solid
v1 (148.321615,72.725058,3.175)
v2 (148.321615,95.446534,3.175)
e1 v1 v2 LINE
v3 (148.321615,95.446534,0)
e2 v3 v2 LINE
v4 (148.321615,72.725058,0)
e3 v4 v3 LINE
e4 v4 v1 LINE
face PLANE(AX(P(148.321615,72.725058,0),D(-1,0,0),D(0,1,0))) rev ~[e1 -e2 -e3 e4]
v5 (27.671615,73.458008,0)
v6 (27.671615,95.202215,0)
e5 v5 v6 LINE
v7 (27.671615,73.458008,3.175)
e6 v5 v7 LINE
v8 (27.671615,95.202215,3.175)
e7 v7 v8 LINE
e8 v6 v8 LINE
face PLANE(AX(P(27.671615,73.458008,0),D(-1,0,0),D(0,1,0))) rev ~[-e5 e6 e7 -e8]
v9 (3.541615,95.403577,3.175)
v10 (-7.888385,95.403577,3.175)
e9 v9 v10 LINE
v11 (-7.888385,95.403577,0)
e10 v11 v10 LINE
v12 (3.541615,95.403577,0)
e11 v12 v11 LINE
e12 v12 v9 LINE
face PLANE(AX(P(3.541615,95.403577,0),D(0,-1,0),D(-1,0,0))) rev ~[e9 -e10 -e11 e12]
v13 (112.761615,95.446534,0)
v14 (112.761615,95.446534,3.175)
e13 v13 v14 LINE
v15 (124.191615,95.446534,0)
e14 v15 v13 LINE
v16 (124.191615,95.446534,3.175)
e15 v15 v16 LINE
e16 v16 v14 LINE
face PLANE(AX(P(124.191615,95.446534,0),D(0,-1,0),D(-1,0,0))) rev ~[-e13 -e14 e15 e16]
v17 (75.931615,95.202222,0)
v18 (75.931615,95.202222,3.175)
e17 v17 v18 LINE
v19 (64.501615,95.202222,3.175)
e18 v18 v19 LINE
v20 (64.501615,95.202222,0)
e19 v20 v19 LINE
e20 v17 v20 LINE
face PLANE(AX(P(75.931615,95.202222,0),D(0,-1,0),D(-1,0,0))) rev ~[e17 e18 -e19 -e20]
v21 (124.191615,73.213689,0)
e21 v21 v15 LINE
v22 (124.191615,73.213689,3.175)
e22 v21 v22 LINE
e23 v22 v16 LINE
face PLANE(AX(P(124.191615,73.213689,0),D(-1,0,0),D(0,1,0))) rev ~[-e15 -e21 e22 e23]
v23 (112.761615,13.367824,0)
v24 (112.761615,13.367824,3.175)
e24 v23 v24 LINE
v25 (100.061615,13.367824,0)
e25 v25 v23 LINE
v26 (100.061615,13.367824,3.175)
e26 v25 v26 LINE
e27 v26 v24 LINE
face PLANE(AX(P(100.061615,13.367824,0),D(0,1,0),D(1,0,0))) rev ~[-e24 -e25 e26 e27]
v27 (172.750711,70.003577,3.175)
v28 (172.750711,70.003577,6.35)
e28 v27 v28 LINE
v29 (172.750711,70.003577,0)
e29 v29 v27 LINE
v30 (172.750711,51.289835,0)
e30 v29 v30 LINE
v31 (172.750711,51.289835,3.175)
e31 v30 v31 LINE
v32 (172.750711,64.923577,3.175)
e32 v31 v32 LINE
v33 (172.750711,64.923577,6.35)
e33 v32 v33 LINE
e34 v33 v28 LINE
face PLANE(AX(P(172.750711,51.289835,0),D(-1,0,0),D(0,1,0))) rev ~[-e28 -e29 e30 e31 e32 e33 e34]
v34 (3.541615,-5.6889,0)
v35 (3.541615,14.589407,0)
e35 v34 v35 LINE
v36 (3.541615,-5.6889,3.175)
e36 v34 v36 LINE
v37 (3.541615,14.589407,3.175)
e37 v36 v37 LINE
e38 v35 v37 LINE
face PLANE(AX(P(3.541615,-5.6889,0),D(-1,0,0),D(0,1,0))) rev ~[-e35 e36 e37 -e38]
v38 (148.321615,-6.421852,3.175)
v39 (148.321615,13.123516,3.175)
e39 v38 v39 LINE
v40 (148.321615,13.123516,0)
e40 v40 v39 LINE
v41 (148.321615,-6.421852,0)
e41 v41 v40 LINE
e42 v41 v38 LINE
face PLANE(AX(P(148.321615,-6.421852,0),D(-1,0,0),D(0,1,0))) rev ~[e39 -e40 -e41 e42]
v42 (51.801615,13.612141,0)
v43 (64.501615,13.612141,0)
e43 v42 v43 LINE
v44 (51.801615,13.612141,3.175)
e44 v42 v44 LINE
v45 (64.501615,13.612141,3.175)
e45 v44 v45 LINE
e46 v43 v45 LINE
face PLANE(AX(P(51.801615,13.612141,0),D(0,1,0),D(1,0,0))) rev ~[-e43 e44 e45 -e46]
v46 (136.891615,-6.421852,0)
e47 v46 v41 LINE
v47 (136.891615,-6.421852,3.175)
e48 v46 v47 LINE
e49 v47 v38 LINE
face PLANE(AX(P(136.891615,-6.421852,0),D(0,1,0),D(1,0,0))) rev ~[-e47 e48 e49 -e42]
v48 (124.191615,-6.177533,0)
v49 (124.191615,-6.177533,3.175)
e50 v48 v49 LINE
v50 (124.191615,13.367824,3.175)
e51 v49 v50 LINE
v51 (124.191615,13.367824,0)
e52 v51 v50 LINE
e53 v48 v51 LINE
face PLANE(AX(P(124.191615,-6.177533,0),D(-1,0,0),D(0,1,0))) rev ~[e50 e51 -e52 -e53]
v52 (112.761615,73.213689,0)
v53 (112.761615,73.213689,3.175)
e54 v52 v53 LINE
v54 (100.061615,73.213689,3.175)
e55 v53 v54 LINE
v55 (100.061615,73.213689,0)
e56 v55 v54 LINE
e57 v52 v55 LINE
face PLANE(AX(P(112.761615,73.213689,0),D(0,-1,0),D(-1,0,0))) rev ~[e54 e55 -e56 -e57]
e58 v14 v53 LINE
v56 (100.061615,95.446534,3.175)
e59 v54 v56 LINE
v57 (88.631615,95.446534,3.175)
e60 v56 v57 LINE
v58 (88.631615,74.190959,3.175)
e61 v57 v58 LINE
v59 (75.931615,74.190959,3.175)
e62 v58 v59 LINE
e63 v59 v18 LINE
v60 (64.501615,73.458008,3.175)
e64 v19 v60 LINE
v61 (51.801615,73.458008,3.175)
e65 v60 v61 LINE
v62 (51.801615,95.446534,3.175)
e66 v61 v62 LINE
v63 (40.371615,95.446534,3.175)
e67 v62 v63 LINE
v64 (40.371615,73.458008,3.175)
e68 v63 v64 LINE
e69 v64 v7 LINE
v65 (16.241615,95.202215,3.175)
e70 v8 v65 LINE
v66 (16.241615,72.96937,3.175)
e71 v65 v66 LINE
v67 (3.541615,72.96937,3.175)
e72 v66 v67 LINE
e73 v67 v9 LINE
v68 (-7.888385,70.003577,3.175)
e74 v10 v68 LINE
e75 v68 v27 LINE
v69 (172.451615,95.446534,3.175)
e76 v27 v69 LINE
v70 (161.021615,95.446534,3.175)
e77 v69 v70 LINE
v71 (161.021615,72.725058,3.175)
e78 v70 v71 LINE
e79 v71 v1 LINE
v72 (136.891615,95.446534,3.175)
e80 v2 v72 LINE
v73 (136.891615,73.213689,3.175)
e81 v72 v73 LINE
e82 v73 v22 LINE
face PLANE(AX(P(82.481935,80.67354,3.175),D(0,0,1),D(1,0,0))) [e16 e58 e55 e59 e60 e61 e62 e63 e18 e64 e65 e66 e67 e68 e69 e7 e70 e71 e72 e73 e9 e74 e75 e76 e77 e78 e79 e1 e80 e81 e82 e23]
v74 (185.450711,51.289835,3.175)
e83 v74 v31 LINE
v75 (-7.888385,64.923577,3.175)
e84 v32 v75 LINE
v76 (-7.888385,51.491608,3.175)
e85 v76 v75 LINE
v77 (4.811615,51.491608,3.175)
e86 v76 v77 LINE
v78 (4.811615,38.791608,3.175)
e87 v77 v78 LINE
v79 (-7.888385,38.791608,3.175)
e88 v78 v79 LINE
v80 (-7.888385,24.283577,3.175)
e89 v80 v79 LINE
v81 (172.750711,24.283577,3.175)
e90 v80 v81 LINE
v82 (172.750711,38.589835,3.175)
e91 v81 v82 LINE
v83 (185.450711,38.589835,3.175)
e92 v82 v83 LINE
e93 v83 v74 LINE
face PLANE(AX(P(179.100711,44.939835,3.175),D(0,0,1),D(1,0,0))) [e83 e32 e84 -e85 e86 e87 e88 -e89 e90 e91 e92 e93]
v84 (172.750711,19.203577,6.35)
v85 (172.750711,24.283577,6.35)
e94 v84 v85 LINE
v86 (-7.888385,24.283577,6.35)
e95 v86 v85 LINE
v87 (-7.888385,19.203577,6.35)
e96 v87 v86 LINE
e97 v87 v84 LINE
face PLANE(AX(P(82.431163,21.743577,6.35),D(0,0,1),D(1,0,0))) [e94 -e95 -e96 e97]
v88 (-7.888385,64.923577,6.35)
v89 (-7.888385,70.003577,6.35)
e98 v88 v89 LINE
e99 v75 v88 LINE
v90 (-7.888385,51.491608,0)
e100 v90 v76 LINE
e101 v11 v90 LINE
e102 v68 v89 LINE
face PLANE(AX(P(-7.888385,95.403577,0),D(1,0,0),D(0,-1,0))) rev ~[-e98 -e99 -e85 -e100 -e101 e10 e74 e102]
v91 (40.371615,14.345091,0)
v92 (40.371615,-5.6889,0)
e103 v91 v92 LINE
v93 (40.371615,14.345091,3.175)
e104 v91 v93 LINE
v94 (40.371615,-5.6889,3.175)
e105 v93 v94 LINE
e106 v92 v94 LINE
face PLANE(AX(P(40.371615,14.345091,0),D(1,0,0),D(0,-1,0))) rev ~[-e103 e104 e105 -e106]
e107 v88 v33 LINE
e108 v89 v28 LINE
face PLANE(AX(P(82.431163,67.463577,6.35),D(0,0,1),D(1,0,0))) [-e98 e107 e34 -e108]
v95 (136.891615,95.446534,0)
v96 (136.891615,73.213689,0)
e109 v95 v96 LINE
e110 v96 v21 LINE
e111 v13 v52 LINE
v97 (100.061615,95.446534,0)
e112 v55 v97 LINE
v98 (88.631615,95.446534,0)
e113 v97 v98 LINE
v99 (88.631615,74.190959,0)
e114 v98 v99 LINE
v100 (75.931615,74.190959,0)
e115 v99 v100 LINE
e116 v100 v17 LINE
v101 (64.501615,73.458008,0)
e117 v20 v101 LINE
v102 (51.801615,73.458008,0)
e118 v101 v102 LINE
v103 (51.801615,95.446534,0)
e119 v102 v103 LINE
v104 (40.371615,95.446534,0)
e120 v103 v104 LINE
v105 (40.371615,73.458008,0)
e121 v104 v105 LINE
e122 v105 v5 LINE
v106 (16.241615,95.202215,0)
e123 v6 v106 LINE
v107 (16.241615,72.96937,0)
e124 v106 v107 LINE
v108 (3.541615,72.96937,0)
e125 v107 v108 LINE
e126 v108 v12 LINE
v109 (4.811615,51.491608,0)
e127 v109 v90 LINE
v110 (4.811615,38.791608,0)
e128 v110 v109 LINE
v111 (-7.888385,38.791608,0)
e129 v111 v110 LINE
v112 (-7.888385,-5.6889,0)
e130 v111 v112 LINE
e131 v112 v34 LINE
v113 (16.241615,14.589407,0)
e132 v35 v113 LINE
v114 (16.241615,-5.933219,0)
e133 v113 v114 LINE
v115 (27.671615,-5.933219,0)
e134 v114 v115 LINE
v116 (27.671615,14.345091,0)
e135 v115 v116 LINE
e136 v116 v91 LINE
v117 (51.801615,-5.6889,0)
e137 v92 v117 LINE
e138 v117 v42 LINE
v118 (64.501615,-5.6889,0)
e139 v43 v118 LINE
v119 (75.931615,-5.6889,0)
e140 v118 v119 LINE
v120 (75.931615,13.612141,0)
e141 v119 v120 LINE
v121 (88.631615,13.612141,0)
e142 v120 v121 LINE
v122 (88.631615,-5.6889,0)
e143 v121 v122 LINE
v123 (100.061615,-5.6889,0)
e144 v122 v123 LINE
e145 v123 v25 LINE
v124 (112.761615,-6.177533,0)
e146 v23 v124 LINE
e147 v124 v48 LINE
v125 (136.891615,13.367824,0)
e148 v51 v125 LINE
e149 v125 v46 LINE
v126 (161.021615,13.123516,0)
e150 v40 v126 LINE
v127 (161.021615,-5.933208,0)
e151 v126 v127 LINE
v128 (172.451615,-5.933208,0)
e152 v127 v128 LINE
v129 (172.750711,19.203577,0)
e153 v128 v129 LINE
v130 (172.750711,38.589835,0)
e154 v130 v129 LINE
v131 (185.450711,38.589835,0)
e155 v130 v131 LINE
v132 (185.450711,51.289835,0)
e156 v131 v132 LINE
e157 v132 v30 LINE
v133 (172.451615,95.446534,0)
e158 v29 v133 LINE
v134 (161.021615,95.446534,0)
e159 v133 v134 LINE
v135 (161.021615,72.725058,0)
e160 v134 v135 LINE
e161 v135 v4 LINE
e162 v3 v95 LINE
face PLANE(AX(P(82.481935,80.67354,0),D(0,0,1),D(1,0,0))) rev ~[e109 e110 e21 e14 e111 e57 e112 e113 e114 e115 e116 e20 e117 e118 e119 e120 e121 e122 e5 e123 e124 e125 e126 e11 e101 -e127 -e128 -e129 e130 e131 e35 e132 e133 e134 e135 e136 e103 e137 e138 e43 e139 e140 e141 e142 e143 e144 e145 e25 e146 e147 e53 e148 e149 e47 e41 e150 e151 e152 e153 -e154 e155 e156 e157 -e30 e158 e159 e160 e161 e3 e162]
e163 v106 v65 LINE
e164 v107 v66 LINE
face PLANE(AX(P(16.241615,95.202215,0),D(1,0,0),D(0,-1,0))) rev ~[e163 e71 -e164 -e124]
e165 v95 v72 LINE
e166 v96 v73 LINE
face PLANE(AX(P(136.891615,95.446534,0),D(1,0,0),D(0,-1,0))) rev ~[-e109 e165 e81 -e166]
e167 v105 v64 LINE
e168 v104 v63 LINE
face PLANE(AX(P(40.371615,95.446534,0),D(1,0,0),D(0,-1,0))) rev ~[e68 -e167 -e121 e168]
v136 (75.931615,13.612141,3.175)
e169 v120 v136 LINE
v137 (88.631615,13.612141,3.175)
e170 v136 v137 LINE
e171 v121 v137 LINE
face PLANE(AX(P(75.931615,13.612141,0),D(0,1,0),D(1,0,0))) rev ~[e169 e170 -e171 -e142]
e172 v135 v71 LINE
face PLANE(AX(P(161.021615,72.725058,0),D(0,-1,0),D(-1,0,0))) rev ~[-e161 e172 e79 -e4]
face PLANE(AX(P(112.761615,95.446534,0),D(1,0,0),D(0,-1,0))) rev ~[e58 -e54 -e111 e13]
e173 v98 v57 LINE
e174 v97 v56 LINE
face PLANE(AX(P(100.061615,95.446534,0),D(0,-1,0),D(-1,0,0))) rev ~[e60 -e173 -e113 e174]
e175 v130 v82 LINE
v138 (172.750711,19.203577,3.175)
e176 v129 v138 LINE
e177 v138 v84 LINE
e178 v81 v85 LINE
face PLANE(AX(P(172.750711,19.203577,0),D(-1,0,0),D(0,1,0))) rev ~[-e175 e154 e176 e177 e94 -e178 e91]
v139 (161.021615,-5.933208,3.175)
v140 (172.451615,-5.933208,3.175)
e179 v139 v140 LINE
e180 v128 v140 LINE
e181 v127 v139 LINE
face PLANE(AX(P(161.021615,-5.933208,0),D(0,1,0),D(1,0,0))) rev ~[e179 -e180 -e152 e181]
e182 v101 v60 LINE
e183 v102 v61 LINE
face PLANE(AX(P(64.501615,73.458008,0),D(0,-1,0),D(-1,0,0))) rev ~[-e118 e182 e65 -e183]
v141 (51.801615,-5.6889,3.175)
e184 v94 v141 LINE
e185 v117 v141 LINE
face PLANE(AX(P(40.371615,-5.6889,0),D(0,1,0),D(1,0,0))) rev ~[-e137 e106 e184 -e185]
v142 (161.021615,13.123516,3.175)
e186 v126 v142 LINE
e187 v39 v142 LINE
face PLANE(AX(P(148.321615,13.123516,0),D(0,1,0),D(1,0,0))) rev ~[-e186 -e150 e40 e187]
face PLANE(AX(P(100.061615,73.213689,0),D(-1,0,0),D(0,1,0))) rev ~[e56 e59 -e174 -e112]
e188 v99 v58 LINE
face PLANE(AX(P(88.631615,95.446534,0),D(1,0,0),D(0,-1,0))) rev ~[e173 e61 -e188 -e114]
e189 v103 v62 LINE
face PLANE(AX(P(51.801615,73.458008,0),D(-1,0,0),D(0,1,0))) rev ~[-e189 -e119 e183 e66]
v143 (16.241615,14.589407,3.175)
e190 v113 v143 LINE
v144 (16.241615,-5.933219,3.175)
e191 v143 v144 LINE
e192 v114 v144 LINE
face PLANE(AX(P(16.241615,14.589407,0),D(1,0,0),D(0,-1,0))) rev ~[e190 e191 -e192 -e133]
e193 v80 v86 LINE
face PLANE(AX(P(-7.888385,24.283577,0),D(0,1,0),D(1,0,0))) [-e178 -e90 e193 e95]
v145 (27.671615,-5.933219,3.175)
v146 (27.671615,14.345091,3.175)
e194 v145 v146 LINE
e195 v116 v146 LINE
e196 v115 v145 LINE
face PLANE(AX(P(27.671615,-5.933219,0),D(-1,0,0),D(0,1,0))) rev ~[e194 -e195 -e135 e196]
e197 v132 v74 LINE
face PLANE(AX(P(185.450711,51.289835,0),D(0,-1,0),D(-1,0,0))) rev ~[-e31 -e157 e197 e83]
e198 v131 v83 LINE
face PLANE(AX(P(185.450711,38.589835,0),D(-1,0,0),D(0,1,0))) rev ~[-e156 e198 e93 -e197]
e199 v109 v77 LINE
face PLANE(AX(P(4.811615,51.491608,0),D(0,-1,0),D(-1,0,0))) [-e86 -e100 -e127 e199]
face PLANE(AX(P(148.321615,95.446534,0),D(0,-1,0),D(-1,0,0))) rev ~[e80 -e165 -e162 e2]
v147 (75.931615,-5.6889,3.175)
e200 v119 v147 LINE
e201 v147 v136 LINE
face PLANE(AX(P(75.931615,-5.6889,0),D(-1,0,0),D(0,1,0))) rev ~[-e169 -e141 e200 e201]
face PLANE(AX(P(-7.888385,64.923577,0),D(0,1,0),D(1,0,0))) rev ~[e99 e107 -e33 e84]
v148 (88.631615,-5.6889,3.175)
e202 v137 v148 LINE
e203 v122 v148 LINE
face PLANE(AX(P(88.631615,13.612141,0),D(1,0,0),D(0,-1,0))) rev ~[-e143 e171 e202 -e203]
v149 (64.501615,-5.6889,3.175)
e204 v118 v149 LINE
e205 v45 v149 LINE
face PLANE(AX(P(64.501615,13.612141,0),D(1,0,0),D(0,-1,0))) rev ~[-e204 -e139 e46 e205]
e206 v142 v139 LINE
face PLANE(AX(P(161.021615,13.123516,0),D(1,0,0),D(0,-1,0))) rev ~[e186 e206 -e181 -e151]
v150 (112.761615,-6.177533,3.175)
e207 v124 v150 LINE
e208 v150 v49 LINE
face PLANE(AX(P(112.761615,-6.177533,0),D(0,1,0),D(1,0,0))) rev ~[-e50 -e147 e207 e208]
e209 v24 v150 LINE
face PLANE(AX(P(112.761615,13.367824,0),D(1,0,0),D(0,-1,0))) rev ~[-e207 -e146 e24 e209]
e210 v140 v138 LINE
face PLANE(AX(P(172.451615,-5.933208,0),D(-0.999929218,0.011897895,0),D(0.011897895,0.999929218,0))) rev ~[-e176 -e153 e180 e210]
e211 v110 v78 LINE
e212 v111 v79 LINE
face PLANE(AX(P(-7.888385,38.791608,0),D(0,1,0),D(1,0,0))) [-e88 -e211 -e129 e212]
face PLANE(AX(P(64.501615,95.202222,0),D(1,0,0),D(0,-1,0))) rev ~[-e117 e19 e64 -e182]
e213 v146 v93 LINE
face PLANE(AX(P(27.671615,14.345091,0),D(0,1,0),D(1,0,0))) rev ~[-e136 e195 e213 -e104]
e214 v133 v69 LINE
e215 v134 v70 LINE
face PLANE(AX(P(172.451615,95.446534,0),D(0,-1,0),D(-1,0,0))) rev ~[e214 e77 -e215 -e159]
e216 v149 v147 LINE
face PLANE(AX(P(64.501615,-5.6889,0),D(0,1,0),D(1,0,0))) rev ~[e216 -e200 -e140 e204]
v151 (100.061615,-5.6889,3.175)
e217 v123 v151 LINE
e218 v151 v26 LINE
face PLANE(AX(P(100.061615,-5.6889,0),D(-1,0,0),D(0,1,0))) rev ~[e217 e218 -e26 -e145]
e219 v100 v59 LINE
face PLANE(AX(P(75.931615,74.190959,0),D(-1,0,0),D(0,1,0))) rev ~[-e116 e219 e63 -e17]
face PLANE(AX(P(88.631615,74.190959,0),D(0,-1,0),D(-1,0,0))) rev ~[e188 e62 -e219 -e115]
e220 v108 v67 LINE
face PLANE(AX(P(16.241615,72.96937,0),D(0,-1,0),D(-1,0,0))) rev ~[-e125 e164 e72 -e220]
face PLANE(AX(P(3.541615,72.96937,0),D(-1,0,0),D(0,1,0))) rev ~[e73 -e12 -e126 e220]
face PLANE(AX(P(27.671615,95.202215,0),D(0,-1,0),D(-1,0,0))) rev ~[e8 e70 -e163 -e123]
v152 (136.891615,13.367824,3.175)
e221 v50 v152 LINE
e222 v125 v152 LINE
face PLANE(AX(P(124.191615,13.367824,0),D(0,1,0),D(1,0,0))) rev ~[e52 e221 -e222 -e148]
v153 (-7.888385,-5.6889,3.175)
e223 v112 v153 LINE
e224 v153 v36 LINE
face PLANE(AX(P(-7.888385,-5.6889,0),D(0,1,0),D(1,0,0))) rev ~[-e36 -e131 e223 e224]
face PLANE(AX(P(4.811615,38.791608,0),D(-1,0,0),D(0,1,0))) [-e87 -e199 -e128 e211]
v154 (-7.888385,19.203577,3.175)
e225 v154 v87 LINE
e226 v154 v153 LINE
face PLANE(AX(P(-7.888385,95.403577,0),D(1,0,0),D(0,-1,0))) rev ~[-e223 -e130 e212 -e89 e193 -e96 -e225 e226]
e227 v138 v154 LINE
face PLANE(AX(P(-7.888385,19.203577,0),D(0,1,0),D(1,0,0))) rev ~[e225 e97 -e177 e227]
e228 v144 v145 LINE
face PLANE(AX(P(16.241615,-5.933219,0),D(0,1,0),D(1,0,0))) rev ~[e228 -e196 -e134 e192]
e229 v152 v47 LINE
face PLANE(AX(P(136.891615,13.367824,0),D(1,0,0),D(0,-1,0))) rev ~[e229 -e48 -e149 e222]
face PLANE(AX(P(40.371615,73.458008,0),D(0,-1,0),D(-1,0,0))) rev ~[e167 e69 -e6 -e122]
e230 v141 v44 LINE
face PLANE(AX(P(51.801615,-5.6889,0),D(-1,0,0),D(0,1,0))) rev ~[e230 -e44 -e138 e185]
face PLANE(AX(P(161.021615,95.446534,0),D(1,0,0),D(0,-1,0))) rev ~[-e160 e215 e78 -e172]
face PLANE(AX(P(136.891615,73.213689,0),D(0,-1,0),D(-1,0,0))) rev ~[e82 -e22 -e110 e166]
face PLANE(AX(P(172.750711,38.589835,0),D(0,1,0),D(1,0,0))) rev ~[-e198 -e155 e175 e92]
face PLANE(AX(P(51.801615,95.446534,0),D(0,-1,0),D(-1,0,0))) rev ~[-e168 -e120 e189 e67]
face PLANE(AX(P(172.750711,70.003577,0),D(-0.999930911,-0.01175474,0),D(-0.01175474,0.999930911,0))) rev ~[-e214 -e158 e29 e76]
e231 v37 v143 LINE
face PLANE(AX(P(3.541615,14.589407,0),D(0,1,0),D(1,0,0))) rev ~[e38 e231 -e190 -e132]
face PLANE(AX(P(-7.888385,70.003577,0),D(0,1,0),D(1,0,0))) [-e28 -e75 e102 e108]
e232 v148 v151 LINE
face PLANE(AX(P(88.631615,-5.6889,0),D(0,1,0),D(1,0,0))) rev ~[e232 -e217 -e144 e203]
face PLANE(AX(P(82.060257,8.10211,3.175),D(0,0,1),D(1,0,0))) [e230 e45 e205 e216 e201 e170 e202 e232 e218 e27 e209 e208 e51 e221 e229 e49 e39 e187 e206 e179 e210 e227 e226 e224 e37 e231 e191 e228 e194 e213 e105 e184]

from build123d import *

# Parameters (mm, degrees)
F1_DEPTH = 3.175
F0_W     = 180.639096
F0_H     = 5.08
F2_DEPTH = 6.35
F3_DEPTH = 3.175
F4_DEPTH = 3.175
F5_DEPTH = 20.32


with BuildPart() as f1:
    # F0 (on Top) → F1 (new body)
    with BuildSketch(Plane.XY):
        Polygon((185.450711, 51.289835), (172.750711, 51.289835), (172.750711, 38.589835), (185.450711, 38.589835), (185.450711, 45.141608), align=None)
        Polygon((172.750711, 64.923577), (-7.888385, 64.923577), (-7.888385, 51.491608), (4.811615, 51.491608), (4.811615, 45.141608), (4.811615, 38.791608), (-7.888385, 38.791608), (-7.888385, 24.283577), (172.750711, 24.283577), (172.750711, 38.589835), (172.750711, 51.289835), align=None)
    extrude(amount=F1_DEPTH)

    # F0 (on Top) → F2 (join)
    with BuildSketch(Plane.XY):
        with Locations((82.431163, 21.743577)):
            Rectangle(F0_W, F0_H)
        with Locations((82.431163, 67.463577)):
            Rectangle(F0_W, F0_H)
    extrude(amount=F2_DEPTH)

    # F0 (on Top) → F3 (join)
    with BuildSketch(Plane.XY):
        Polygon((-7.888385, 95.403577), (-7.888385, 70.003577), (172.750711, 70.003577), (172.451615, 95.446534), (161.021615, 95.446534), (161.021615, 72.725058), (148.321615, 72.725058), (148.321615, 95.446534), (136.891615, 95.446534), (136.891615, 73.213689), (124.191615, 73.213689), (124.191615, 95.446534), (112.761615, 95.446534), (112.761615, 73.213689), (100.061615, 73.213689), (100.061615, 95.446534), (88.631615, 95.446534), (88.631615, 74.190959), (75.931615, 74.190959), (75.931615, 95.202222), (64.501615, 95.202222), (64.501615, 73.458008), (51.801615, 73.458008), (51.801615, 95.446534), (40.371615, 95.446534), (40.371615, 73.458008), (27.671615, 73.458008), (27.671615, 95.202215), (16.241615, 95.202215), (16.241615, 72.96937), (3.541615, 72.96937), (3.541615, 95.403577), align=None)
        Polygon((172.750711, 19.203577), (-7.888385, 19.203577), (-7.888385, -5.6889), (3.541615, -5.6889), (3.541615, 14.589407), (16.241615, 14.589407), (16.241615, -5.933219), (27.671615, -5.933219), (27.671615, 14.345091), (40.371615, 14.345091), (40.371615, -5.6889), (51.801615, -5.6889), (51.801615, 13.612141), (64.501615, 13.612141), (64.501615, -5.6889), (75.931615, -5.6889), (75.931615, 13.612141), (88.631615, 13.612141), (88.631615, -5.6889), (100.061615, -5.6889), (100.061615, 13.367824), (112.761615, 13.367824), (112.761615, -6.177533), (124.191615, -6.177533), (124.191615, 13.367824), (136.891615, 13.367824), (136.891615, -6.421852), (148.321615, -6.421852), (148.321615, 13.123516), (161.021615, 13.123516), (161.021615, -5.933208), (172.451615, -5.933208), align=None)
    extrude(amount=F3_DEPTH)

    # F0 (on Top) → F4 (join)
    with BuildSketch(Plane.XY):
        Polygon((-7.888385, 95.403577), (-7.888385, 70.003577), (172.750711, 70.003577), (172.451615, 95.446534), (161.021615, 95.446534), (161.021615, 72.725058), (148.321615, 72.725058), (148.321615, 95.446534), (136.891615, 95.446534), (136.891615, 73.213689), (124.191615, 73.213689), (124.191615, 95.446534), (112.761615, 95.446534), (112.761615, 73.213689), (100.061615, 73.213689), (100.061615, 95.446534), (88.631615, 95.446534), (88.631615, 74.190959), (75.931615, 74.190959), (75.931615, 95.202222), (64.501615, 95.202222), (64.501615, 73.458008), (51.801615, 73.458008), (51.801615, 95.446534), (40.371615, 95.446534), (40.371615, 73.458008), (27.671615, 73.458008), (27.671615, 95.202215), (16.241615, 95.202215), (16.241615, 72.96937), (3.541615, 72.96937), (3.541615, 95.403577), align=None)
        with Locations((82.431163, 67.463577)):
            Rectangle(F0_W, F0_H)
        Polygon((172.750711, 64.923577), (-7.888385, 64.923577), (-7.888385, 51.491608), (4.811615, 51.491608), (4.811615, 45.141608), (4.811615, 38.791608), (-7.888385, 38.791608), (-7.888385, 24.283577), (172.750711, 24.283577), (172.750711, 38.589835), (172.750711, 51.289835), align=None)
        Polygon((4.811615, 51.491608), (-7.888385, 51.491608), (-7.888385, 38.791608), (4.811615, 38.791608), (4.811615, 45.141608), align=None)
        Polygon((185.450711, 51.289835), (172.750711, 51.289835), (172.750711, 38.589835), (185.450711, 38.589835), (185.450711, 45.141608), align=None)
        with Locations((82.431163, 21.743577)):
            Rectangle(F0_W, F0_H)
        Polygon((172.750711, 19.203577), (-7.888385, 19.203577), (-7.888385, -5.6889), (3.541615, -5.6889), (3.541615, 14.589407), (16.241615, 14.589407), (16.241615, -5.933219), (27.671615, -5.933219), (27.671615, 14.345091), (40.371615, 14.345091), (40.371615, -5.6889), (51.801615, -5.6889), (51.801615, 13.612141), (64.501615, 13.612141), (64.501615, -5.6889), (75.931615, -5.6889), (75.931615, 13.612141), (88.631615, 13.612141), (88.631615, -5.6889), (100.061615, -5.6889), (100.061615, 13.367824), (112.761615, 13.367824), (112.761615, -6.177533), (124.191615, -6.177533), (124.191615, 13.367824), (136.891615, 13.367824), (136.891615, -6.421852), (148.321615, -6.421852), (148.321615, 13.123516), (161.021615, 13.123516), (161.021615, -5.933208), (172.451615, -5.933208), align=None)
    extrude(amount=F4_DEPTH)

    # F0 (on Top) → F5 (cut)
    with BuildSketch(Plane.XY):
        Polygon((4.811615, 51.491608), (-7.888385, 51.491608), (-7.888385, 38.791608), (4.811615, 38.791608), (4.811615, 45.141608), align=None)
    extrude(amount=F5_DEPTH, mode=Mode.SUBTRACT)


solid = f1.part
